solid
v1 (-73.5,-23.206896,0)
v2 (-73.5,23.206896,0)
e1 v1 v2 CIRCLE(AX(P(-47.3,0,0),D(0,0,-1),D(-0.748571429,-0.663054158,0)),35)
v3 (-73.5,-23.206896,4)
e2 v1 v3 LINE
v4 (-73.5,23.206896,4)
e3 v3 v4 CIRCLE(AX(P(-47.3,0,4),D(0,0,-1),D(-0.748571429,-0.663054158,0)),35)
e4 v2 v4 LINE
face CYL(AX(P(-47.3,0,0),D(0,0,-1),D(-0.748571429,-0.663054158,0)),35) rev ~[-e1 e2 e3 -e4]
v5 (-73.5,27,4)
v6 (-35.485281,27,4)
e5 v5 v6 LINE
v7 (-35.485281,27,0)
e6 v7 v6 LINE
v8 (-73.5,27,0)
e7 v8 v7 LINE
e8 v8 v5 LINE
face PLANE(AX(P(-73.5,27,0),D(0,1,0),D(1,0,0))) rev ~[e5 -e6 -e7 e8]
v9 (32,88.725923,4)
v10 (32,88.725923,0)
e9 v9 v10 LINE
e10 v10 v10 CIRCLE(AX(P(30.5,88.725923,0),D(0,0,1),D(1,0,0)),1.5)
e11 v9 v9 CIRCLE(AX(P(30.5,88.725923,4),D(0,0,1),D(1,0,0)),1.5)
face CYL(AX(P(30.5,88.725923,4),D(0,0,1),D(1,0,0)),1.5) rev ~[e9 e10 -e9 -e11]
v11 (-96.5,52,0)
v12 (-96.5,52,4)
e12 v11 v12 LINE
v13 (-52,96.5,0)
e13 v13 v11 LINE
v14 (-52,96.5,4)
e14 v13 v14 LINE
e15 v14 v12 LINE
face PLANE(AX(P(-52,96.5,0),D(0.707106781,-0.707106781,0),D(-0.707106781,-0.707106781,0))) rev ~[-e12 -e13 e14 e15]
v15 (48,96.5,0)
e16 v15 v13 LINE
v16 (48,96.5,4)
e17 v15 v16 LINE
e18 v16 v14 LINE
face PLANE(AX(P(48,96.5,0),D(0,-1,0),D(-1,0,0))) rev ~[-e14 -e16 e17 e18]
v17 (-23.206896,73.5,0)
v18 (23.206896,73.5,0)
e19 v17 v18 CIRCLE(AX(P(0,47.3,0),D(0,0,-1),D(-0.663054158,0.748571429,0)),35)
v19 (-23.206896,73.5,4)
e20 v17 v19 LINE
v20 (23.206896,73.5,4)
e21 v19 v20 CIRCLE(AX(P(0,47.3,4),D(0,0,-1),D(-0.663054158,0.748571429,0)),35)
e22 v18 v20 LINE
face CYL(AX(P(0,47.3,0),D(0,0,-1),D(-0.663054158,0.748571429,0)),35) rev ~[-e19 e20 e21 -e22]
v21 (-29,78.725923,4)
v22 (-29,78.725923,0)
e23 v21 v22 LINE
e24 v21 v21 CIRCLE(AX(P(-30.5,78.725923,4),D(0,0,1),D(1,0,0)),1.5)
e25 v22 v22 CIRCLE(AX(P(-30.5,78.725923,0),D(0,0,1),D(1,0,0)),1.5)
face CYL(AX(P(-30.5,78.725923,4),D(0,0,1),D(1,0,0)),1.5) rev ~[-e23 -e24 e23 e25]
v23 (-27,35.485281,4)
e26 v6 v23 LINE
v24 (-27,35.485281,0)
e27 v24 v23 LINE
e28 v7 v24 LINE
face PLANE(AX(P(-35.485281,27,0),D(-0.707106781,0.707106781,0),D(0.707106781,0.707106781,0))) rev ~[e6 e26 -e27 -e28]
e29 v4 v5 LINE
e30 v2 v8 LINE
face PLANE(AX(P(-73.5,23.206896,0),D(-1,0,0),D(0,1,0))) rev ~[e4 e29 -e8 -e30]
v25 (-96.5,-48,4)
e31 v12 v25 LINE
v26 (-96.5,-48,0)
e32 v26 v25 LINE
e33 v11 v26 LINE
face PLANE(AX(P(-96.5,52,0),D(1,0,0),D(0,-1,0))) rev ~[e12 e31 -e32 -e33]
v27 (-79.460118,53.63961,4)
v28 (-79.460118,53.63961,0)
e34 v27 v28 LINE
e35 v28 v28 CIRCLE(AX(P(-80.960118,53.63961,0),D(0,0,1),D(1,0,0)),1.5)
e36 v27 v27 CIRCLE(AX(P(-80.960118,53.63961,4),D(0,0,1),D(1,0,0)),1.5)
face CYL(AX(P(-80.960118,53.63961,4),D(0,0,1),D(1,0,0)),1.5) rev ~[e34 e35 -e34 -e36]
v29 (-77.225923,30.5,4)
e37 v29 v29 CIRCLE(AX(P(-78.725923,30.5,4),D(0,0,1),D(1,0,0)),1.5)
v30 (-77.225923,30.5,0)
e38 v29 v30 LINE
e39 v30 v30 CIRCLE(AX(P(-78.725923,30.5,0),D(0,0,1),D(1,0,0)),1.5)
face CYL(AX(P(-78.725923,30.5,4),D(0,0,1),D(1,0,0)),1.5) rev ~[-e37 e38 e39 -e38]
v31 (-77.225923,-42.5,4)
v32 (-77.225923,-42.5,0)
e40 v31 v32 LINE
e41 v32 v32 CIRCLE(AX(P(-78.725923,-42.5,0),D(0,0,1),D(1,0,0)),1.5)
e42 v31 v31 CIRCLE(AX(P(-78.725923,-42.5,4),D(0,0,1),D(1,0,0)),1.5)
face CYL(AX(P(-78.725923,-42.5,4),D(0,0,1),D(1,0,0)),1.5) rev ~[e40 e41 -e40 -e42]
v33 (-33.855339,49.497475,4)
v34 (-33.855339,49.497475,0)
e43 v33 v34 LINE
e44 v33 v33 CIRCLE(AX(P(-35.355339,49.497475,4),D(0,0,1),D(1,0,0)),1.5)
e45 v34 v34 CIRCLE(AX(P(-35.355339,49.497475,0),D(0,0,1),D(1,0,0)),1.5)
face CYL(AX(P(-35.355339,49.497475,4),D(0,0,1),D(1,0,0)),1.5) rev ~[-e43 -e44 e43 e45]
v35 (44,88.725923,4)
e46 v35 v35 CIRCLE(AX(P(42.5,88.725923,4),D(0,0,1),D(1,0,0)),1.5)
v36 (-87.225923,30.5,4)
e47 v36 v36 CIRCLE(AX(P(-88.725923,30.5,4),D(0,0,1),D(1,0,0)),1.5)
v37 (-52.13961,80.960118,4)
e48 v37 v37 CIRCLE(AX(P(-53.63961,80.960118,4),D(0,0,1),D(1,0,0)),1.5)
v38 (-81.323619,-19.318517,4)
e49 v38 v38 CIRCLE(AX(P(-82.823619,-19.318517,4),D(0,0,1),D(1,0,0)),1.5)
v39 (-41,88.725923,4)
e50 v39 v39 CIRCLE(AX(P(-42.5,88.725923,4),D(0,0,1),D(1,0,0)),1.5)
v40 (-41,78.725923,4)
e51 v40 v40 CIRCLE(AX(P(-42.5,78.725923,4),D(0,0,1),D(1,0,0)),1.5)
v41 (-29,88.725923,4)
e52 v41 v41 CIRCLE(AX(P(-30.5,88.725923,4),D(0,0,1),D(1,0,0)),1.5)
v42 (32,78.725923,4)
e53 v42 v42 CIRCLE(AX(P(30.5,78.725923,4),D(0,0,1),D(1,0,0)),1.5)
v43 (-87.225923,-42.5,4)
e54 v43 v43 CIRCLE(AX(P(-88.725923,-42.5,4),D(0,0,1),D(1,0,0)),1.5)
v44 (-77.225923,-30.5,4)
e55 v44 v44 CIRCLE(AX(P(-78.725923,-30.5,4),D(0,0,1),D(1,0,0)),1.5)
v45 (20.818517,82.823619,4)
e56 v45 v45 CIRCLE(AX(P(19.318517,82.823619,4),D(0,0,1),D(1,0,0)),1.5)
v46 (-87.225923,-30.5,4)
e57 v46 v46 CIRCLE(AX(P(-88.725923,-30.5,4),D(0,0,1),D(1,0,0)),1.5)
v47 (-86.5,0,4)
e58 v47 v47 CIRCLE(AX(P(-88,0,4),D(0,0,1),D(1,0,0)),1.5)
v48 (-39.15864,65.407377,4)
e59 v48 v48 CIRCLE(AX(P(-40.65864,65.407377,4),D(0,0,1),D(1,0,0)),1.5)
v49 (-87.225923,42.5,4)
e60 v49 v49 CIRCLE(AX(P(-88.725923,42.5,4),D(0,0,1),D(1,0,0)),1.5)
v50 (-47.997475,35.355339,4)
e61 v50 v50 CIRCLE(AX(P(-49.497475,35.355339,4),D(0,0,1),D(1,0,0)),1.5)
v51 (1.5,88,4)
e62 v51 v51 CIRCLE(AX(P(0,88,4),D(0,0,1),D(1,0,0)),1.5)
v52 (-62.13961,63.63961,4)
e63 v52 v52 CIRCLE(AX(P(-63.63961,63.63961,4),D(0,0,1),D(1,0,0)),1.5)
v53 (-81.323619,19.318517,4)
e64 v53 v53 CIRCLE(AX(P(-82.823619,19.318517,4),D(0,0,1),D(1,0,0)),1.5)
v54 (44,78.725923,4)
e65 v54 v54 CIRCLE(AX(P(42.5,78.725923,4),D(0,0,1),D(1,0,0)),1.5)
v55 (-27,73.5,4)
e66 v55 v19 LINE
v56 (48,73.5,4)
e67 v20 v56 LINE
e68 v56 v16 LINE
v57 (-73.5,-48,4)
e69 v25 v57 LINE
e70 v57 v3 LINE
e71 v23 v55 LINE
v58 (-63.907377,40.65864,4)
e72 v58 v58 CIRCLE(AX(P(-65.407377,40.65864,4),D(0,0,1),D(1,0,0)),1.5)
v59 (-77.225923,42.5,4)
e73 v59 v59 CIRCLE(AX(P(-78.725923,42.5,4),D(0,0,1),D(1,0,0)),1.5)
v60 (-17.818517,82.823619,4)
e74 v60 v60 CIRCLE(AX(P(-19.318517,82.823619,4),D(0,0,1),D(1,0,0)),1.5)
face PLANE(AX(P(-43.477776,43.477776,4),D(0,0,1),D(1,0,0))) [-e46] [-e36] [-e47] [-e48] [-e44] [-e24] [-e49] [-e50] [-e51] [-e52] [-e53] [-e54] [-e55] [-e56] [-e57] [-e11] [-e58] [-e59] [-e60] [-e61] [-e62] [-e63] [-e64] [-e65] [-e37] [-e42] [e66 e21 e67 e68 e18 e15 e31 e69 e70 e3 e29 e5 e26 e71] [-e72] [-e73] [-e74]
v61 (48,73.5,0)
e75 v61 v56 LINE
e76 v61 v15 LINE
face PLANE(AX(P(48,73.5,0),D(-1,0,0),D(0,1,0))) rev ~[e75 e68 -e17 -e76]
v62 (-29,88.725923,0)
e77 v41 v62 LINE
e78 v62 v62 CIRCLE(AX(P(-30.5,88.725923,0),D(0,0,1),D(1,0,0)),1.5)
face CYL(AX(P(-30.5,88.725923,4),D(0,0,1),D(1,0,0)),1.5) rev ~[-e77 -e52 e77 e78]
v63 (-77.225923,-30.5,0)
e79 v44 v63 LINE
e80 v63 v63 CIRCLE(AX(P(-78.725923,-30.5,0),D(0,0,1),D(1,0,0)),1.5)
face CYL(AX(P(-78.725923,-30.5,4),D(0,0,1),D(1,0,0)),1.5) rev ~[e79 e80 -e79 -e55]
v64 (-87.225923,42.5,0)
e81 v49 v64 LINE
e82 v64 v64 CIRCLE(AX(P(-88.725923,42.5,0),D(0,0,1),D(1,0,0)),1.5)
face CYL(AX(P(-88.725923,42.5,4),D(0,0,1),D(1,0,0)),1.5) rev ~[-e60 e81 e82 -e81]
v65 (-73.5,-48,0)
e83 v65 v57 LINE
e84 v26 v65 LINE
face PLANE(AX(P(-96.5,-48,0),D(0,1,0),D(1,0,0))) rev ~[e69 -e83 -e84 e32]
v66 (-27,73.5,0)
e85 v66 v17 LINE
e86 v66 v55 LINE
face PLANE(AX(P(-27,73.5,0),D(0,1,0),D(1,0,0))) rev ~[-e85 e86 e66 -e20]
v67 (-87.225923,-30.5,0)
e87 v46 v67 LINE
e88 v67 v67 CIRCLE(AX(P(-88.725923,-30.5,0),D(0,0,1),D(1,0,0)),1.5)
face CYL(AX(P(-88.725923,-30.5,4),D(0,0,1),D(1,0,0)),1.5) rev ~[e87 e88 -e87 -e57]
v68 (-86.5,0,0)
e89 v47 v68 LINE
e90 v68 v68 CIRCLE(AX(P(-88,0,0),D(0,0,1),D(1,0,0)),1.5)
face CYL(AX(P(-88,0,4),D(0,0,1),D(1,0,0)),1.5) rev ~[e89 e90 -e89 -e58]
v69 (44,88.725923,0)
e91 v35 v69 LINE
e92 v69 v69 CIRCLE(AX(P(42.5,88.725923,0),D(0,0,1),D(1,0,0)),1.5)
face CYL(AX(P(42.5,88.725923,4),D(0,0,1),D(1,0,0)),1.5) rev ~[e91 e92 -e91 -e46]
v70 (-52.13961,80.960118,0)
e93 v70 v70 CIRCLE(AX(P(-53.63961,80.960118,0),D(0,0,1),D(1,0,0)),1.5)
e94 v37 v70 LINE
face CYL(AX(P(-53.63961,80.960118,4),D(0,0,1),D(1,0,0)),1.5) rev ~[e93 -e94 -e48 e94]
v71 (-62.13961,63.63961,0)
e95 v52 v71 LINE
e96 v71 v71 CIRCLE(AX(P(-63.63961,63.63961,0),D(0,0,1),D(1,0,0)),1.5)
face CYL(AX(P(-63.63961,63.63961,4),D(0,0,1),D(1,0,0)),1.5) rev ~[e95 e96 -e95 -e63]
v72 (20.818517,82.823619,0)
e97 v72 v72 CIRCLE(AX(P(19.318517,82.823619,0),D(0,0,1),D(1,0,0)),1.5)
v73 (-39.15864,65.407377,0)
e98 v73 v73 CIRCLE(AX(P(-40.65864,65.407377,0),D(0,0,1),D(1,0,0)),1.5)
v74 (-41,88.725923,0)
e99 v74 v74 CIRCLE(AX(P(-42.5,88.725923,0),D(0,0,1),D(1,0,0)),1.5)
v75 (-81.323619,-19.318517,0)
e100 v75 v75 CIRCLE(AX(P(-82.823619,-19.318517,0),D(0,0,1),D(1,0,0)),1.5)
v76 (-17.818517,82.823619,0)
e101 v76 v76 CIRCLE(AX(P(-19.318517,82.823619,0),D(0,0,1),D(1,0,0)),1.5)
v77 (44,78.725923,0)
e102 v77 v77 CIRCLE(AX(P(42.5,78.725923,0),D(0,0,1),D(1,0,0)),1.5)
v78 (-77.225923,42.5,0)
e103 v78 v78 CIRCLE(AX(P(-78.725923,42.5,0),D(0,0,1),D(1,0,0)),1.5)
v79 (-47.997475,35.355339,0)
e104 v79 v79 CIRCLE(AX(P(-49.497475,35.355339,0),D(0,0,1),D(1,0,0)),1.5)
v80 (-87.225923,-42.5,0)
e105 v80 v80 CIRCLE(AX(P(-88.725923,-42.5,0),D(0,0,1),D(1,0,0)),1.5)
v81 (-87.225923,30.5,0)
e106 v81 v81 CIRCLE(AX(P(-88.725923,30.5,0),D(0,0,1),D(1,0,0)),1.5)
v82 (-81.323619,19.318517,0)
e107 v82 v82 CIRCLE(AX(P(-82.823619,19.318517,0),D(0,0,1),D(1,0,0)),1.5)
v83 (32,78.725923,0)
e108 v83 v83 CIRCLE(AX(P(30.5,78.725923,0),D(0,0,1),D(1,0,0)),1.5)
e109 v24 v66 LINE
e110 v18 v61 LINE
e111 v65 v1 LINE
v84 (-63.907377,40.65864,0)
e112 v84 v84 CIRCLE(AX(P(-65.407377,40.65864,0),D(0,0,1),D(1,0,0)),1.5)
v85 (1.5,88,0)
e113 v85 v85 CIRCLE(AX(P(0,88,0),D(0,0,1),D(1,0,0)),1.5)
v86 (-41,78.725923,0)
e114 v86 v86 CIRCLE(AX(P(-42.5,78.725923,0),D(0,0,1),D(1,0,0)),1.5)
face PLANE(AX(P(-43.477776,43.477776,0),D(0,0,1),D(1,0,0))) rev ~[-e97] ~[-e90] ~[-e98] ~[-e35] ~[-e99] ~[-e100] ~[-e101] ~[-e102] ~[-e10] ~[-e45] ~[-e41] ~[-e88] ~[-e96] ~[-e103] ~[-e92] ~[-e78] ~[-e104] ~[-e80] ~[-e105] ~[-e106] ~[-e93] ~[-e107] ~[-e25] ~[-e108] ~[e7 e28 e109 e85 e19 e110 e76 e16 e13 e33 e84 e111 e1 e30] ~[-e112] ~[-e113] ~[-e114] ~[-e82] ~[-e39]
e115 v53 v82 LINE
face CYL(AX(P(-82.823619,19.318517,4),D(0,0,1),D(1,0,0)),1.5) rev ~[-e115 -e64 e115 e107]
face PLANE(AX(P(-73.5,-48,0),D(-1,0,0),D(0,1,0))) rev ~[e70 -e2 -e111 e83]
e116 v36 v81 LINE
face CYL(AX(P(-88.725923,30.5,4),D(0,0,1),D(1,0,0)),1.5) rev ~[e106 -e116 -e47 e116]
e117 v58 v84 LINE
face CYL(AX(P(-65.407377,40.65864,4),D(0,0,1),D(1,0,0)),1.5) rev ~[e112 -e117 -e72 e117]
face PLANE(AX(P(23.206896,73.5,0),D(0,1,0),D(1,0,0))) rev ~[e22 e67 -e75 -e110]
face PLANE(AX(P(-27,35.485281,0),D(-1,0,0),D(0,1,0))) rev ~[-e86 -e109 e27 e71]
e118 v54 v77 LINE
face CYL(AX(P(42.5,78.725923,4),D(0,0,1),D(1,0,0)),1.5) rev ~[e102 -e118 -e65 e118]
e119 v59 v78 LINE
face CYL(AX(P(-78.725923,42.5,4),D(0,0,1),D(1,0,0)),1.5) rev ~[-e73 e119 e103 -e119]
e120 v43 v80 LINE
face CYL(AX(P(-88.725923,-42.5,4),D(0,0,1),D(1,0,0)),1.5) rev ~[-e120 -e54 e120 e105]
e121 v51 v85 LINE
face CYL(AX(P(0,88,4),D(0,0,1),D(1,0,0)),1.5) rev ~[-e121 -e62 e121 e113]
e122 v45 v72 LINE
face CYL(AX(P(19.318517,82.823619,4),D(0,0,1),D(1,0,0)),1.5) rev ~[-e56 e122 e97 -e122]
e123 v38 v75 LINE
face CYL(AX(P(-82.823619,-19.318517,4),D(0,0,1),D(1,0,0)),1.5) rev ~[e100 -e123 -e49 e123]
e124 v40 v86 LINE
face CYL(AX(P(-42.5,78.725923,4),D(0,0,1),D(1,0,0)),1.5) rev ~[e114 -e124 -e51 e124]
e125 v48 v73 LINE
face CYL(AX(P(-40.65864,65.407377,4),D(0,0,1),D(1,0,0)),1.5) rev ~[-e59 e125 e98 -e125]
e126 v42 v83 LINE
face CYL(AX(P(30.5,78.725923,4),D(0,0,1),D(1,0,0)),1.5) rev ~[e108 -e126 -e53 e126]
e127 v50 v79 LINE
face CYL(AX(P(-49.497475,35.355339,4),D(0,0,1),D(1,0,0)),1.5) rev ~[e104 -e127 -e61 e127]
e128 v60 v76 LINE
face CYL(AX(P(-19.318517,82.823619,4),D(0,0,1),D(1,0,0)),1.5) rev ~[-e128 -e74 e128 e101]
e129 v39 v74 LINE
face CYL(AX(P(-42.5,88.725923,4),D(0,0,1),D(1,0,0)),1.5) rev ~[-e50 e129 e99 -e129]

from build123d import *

# Parameters (mm, degrees)
BOSS_EXTRUDE1_DEPTH = 4
SKETCH3_R           = 1.5
CUT_EXTRUDE1_DEPTH  = 10
SKETCH4_R           = 1.5
CUT_EXTRUDE2_DEPTH  = 137.530216436


with BuildPart() as part:
    # Sketch1 → Boss-Extrude1 (new body)
    with BuildSketch(Plane.XY):
        with BuildLine():
            Line((-96.5, -48), (-73.5, -48))
            Line((-73.5, -48), (-73.5, -23.206895527))
            ThreePointArc((-73.5, -23.206895527), (-82.3, 0), (-73.5, 23.206895527))
            Line((-73.5, 23.206895527), (-73.5, 27))
            Line((-73.5, 27), (-35.485281374, 27))
            Line((-35.485281374, 27), (-27, 35.485281374))
            Line((-27, 35.485281374), (-27, 73.5))
            Line((-27, 73.5), (-23.206895527, 73.5))
            ThreePointArc((-23.206895527, 73.5), (0, 82.3), (23.206895527, 73.5))
            Line((23.206895527, 73.5), (48, 73.5))
            Line((48, 73.5), (48, 96.5))
            Line((48, 96.5), (-52, 96.5))
            Line((-52, 96.5), (-96.5, 52))
            Line((-96.5, 52), (-96.5, -48))
        make_face()
    extrude(amount=BOSS_EXTRUDE1_DEPTH)

    # Sketch3 → Cut-Extrude1 (cut)
    with BuildSketch(Plane.XY.offset(4)):
        with Locations((30.5, 78.72592343)):
            Circle(SKETCH3_R)
        with Locations((30.5, 88.72592343)):
            Circle(SKETCH3_R)
        with Locations((42.5, 88.72592343)):
            Circle(SKETCH3_R)
        with Locations((42.5, 78.72592343)):
            Circle(SKETCH3_R)
        with Locations((-42.5, 78.72592343)):
            Circle(SKETCH3_R)
        with Locations((-42.5, 88.72592343)):
            Circle(SKETCH3_R)
        with Locations((-30.5, 88.72592343)):
            Circle(SKETCH3_R)
        with Locations((-30.5, 78.72592343)):
            Circle(SKETCH3_R)
        with Locations((-88.72592343, 30.5)):
            Circle(SKETCH3_R)
        with Locations((-88.72592343, 42.5)):
            Circle(SKETCH3_R)
        with Locations((-78.72592343, 42.5)):
            Circle(SKETCH3_R)
        with Locations((-78.72592343, 30.5)):
            Circle(SKETCH3_R)
        with Locations((-88.72592343, -42.5)):
            Circle(SKETCH3_R)
        with Locations((-88.72592343, -30.5)):
            Circle(SKETCH3_R)
        with Locations((-78.72592343, -30.5)):
            Circle(SKETCH3_R)
        with Locations((-78.72592343, -42.5)):
            Circle(SKETCH3_R)
    extrude(amount=-CUT_EXTRUDE1_DEPTH, mode=Mode.SUBTRACT)

    # Sketch4 → Cut-Extrude2 (cut, through all)
    with BuildSketch(Plane.XY.offset(4)):
        with Locations((-88, 0)):
            Circle(SKETCH4_R)
        with Locations((-63.639610307, 63.639610307)):
            Circle(SKETCH4_R)
        with Locations((0, 88)):
            Circle(SKETCH4_R)
        with Locations((-80.960118382, 53.639610307)):
            Circle(SKETCH4_R)
        with Locations((-53.639610307, 80.960118382)):
            Circle(SKETCH4_R)
        with Locations((19.318516526, 82.823619098)):
            Circle(SKETCH4_R)
        with Locations((-19.318516526, 82.823619098)):
            Circle(SKETCH4_R)
        with Locations((-82.823619098, 19.318516526)):
            Circle(SKETCH4_R)
        with Locations((-82.823619098, -19.318516526)):
            Circle(SKETCH4_R)
        with Locations((-40.658639918, 65.40737726)):
            Circle(SKETCH4_R)
        with Locations((-65.40737726, 40.658639918)):
            Circle(SKETCH4_R)
        with Locations((-49.497474683, 35.355339059)):
            Circle(SKETCH4_R)
        with Locations((-35.355339059, 49.497474683)):
            Circle(SKETCH4_R)
    extrude(amount=-CUT_EXTRUDE2_DEPTH, mode=Mode.SUBTRACT)


solid = part.part
